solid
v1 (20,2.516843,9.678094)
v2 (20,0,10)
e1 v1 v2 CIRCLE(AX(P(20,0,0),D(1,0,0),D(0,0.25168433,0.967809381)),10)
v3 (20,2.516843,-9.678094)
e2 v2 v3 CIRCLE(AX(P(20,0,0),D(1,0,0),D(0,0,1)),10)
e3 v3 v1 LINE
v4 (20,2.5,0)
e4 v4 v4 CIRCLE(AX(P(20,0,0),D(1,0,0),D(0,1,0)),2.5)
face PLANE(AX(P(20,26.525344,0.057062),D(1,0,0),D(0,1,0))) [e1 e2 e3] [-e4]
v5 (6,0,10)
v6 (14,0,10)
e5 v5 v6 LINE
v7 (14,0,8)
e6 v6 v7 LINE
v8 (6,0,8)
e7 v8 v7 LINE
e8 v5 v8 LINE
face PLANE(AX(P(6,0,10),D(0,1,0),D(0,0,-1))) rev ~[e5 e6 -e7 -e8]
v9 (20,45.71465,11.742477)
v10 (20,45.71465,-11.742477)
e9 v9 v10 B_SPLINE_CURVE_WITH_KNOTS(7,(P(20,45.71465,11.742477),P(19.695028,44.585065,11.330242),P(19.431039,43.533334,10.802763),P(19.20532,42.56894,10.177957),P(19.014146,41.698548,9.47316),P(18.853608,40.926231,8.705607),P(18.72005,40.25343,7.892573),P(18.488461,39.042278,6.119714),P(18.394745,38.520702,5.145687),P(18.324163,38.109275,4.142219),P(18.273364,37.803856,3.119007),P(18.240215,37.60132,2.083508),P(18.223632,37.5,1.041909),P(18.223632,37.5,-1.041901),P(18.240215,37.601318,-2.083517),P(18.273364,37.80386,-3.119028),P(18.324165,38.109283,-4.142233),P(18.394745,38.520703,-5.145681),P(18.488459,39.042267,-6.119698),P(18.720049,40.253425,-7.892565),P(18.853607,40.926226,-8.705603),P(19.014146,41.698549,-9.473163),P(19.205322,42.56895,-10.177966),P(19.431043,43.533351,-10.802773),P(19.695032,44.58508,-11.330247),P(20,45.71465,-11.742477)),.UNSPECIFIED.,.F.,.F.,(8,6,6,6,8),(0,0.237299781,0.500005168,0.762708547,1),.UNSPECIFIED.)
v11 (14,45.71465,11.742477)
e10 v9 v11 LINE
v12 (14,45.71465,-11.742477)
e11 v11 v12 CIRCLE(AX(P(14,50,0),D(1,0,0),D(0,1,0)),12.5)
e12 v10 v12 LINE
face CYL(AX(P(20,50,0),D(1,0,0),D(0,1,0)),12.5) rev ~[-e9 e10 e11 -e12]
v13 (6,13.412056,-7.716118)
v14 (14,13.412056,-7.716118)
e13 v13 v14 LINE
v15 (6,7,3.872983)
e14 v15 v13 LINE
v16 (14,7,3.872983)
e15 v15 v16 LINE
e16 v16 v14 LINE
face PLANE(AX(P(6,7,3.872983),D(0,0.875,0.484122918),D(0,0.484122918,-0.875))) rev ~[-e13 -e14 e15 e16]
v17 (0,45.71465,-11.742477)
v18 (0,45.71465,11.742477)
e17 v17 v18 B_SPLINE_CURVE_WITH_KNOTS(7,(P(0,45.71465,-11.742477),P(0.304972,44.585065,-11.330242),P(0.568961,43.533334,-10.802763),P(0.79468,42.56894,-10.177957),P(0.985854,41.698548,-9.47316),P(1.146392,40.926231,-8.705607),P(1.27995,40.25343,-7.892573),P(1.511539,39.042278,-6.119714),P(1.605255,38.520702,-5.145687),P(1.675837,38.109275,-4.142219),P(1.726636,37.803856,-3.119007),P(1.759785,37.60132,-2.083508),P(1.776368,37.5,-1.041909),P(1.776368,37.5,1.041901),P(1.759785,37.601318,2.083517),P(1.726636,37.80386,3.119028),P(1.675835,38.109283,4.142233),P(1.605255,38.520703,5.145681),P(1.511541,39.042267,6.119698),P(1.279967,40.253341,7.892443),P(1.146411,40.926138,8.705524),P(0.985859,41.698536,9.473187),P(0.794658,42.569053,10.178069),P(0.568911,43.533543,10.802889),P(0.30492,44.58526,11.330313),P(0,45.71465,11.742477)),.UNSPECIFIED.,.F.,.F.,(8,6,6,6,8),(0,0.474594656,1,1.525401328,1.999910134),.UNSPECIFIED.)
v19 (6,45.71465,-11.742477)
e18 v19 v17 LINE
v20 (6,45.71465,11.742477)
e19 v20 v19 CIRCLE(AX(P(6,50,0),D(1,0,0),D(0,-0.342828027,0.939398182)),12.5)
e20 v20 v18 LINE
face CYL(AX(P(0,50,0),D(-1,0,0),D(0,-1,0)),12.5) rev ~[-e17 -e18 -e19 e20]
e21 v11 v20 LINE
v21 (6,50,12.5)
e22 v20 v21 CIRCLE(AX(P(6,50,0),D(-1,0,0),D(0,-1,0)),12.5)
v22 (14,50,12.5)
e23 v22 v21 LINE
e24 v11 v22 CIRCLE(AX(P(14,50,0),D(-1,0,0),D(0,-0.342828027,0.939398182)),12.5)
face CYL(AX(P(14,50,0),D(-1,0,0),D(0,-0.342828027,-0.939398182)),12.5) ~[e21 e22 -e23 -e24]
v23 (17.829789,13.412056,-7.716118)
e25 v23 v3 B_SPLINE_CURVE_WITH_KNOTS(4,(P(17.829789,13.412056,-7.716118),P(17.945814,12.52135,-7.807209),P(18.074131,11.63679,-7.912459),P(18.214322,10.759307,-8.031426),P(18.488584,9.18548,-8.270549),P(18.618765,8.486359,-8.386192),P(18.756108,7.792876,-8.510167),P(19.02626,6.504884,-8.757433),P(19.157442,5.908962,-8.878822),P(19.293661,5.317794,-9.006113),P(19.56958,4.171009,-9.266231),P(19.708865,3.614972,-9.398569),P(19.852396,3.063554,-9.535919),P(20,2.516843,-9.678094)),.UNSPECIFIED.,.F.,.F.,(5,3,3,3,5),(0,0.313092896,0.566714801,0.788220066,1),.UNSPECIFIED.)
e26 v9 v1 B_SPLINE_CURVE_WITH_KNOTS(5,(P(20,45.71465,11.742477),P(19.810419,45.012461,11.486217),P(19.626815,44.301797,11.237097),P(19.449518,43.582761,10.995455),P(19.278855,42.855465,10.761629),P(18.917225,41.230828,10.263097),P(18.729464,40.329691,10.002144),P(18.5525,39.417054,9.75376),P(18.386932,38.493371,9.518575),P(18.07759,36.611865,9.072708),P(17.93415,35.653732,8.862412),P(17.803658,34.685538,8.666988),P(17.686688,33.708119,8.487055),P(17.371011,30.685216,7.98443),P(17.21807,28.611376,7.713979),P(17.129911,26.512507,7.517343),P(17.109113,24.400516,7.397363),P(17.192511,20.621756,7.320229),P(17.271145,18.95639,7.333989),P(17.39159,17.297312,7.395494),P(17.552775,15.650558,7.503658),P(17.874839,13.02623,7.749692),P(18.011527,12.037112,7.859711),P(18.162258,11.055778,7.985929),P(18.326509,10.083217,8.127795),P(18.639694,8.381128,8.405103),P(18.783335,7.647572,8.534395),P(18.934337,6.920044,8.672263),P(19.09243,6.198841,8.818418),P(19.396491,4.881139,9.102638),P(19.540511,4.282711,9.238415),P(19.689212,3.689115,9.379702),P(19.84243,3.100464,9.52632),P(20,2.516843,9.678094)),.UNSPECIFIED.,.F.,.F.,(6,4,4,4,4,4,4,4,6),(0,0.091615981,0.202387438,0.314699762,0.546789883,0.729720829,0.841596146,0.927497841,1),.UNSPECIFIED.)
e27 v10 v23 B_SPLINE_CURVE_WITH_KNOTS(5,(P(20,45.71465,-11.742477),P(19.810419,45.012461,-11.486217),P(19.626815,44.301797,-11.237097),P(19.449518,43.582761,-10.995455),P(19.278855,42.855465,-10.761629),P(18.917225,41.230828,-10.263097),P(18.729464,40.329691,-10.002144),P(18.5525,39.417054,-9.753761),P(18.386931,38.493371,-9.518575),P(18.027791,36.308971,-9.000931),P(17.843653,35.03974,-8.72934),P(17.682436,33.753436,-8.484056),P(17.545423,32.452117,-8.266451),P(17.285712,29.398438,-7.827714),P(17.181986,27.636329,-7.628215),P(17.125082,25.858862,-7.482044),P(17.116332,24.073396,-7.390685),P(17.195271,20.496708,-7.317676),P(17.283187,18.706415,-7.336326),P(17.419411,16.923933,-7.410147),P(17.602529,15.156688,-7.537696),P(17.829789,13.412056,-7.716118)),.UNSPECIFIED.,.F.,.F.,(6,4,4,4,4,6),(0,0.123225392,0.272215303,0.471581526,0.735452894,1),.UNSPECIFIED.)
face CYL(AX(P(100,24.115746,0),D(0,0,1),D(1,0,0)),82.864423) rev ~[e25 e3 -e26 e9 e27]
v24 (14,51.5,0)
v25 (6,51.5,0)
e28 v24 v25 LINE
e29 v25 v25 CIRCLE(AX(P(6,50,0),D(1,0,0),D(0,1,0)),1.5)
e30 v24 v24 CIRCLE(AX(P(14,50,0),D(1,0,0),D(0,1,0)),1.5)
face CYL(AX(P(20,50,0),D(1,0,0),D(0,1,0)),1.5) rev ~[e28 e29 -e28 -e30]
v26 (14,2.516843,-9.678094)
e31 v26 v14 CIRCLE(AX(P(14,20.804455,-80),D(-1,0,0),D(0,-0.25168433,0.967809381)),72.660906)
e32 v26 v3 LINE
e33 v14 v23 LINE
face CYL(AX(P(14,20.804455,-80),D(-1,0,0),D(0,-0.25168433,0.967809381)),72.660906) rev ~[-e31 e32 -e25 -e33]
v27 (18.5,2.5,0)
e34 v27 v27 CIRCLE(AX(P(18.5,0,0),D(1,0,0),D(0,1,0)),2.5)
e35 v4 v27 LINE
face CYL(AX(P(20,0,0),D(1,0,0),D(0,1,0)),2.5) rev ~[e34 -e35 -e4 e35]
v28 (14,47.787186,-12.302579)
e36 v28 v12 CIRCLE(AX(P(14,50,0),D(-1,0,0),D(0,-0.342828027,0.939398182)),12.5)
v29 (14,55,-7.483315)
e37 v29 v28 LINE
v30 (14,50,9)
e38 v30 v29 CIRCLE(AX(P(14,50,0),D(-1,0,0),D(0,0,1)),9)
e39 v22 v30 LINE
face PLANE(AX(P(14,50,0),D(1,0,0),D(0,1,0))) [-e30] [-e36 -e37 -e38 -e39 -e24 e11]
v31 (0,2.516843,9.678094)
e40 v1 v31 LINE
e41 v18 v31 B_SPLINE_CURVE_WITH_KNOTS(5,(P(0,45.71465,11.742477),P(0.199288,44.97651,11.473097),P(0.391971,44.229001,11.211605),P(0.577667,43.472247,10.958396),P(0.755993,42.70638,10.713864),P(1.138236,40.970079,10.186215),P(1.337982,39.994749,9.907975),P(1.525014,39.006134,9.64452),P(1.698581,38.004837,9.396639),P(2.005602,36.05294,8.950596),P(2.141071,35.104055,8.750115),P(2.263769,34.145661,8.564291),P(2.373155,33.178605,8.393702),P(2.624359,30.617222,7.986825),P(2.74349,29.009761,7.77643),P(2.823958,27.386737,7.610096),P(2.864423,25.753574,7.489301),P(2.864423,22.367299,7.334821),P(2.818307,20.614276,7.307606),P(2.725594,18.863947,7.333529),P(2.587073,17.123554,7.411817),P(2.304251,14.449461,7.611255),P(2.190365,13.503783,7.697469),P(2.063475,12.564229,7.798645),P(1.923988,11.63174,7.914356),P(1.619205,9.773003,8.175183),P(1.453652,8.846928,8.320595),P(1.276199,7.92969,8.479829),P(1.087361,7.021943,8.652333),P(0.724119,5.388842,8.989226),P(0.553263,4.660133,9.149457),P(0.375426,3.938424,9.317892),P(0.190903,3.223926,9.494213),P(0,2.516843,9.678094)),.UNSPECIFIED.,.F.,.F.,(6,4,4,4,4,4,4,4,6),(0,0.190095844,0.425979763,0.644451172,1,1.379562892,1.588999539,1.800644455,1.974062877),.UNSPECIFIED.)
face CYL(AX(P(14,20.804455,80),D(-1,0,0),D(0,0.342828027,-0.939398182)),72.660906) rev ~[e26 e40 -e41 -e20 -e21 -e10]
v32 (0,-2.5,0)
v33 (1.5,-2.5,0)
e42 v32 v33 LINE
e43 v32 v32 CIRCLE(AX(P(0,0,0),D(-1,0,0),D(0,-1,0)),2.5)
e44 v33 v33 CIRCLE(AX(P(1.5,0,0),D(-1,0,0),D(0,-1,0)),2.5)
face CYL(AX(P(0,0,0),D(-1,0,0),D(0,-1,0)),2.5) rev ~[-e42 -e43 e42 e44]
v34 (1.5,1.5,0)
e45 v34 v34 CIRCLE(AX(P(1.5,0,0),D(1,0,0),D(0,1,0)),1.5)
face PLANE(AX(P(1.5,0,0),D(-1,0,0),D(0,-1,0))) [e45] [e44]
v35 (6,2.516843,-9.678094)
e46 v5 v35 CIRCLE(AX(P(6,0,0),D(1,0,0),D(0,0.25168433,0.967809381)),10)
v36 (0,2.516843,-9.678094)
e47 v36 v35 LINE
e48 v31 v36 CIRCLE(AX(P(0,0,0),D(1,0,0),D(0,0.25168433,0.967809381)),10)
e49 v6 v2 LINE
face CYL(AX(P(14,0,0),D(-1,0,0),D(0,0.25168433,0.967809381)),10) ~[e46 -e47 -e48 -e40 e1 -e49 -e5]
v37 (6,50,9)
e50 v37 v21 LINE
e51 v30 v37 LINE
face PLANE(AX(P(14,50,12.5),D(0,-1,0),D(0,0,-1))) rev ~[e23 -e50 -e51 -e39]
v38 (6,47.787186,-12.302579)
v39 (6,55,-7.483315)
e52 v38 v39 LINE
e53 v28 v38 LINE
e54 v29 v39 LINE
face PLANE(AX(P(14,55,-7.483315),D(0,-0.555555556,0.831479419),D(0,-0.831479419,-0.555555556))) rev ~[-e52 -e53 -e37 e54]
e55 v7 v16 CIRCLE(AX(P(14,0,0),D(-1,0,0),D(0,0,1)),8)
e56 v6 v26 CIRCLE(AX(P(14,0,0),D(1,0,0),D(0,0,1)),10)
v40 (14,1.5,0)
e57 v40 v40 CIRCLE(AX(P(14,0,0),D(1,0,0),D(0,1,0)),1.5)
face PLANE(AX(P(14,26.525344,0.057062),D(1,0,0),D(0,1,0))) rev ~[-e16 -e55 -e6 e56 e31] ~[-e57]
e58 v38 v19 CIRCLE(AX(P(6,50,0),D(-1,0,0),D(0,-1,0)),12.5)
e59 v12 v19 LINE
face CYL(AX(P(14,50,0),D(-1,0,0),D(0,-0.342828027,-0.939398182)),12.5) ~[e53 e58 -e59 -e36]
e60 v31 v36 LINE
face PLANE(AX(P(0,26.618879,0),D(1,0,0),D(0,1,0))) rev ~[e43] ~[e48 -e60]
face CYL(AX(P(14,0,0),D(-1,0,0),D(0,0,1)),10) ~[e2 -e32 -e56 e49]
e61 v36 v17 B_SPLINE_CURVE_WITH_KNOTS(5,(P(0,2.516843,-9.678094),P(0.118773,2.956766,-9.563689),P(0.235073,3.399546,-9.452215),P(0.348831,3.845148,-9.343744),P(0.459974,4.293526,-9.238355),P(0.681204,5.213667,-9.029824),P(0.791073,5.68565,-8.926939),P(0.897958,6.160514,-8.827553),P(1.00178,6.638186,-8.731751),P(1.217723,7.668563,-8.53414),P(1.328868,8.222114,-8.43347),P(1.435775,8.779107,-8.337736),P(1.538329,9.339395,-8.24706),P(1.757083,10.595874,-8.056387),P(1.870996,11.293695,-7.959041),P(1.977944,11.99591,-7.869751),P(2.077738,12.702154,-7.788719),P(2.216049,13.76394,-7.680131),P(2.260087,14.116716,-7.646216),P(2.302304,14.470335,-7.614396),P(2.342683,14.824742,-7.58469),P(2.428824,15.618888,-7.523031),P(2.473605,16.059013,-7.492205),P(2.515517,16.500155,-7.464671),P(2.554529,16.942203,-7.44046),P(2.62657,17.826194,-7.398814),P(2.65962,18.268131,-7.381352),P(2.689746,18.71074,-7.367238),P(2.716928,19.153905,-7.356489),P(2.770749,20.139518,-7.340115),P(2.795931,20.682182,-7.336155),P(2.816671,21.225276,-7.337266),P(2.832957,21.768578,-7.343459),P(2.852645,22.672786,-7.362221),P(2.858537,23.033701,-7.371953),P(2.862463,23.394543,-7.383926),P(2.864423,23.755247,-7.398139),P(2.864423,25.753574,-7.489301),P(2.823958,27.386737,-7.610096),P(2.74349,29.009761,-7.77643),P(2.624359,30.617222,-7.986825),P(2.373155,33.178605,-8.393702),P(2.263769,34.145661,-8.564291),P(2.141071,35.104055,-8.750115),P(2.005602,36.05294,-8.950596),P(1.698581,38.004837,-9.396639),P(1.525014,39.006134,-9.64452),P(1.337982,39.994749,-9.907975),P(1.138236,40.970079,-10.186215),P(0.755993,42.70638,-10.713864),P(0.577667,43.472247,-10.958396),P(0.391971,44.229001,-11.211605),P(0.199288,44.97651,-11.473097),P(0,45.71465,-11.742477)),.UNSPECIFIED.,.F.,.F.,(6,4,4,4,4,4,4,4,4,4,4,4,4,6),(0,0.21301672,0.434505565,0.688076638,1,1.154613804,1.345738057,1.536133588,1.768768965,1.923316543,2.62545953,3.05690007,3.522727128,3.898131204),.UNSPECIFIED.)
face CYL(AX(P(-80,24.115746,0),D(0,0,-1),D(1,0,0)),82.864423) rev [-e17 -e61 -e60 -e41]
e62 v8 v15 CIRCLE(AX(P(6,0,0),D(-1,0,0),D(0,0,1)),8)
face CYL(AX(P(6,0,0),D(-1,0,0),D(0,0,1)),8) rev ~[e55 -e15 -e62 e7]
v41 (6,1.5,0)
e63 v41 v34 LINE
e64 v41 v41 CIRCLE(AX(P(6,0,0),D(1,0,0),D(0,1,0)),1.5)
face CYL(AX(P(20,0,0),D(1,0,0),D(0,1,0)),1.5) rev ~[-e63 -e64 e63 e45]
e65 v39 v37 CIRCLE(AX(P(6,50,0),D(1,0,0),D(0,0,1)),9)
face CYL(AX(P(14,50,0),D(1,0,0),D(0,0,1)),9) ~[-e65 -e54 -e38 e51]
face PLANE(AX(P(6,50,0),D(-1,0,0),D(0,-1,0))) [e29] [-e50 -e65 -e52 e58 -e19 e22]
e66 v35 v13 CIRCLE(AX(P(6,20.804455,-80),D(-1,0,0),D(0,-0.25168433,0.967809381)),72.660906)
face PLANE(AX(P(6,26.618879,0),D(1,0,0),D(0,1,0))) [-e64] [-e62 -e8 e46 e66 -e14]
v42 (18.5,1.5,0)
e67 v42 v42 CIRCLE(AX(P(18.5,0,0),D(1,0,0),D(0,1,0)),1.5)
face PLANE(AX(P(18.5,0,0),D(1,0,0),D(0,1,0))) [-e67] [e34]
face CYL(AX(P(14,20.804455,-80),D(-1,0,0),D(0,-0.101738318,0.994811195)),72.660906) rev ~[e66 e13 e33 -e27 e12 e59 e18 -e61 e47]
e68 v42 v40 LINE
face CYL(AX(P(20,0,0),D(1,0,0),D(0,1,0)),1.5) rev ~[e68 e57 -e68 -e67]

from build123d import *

# Parameters (mm, degrees)
F1_DEPTH  = 6
F3_DEPTH  = 8
F5_DEPTH  = 6
F6_R      = 12.5
F7_DEPTH  = 6
F8_R      = 12.5
F9_DEPTH  = 6
F11_DEPTH = 14.001
F12_R     = 1.5
F13_DEPTH = 20.001
F14_R     = 2.5
F15_DEPTH = 1.5
F16_R     = 2.5
F17_DEPTH = 1.5
F18_R     = 82.8644231172
F19_DEPTH = 12.5


with BuildPart() as f1:
    # F0 (on Right) → F1 (new body)
    with BuildSketch(Plane.YZ):
        with BuildLine():
            ThreePointArc((45.7146496628, 11.7424772722), (24.2728942701, 7.4219237759), (2.5168433046, 9.6780938092))
            ThreePointArc((2.5168433046, 9.6780938092), (-10, 0), (2.5168433046, -9.6780938092))
            ThreePointArc((2.5168433046, -9.6780938092), (24.2728942701, -7.4219237759), (45.7146496628, -11.7424772722))
            ThreePointArc((45.7146496628, -11.7424772722), (62.5, 0), (45.7146496628, 11.7424772722))
        make_face()
    extrude(amount=F1_DEPTH)

    # F2 (on face) → F3 (join)
    with BuildSketch(Plane.YZ.offset(6)):
        with BuildLine():
            ThreePointArc((45.7146496628, 11.7424772722), (24.2728942701, 7.4219237759), (2.5168433046, 9.6780938092))
            ThreePointArc((2.5168433046, 9.6780938092), (1.2686729105, 9.919196996), (0, 10))
            Line((0, 10), (0, 8))
            ThreePointArc((0, 8), (4.0630120127, 6.8914391374), (7, 3.8729833462))
            Line((7, 3.8729833462), (13.4120563723, -7.716117508))
            ThreePointArc((13.4120563723, -7.716117508), (29.7917342094, -7.8970456319), (45.7146496628, -11.7424772722))
            ThreePointArc((45.7146496628, -11.7424772722), (62.5, 0), (45.7146496628, 11.7424772722))
        make_face()
    extrude(amount=F3_DEPTH)

    # F4 (on face) → F5 (join)
    with BuildSketch(Plane.YZ.offset(14)):
        with BuildLine():
            ThreePointArc((2.5168433046, 9.6780938092), (1.2686729105, 9.919196996), (0, 10))
            ThreePointArc((0, 10), (-9.919196996, -1.2686729105), (2.5168433046, -9.6780938092))
            ThreePointArc((2.5168433046, -9.6780938092), (7.9270301673, -8.4893073841), (13.4120563723, -7.716117508))
            ThreePointArc((13.4120563723, -7.716117508), (29.7917342094, -7.8970456319), (45.7146496628, -11.7424772722))
            ThreePointArc((45.7146496628, -11.7424772722), (62.5, 0), (45.7146496628, 11.7424772722))
            ThreePointArc((45.7146496628, 11.7424772722), (24.2728942701, 7.4219237759), (2.5168433046, 9.6780938092))
        make_face()
    extrude(amount=F5_DEPTH)

    # F6 (on face) → F7 (cut)
    with BuildSketch(Plane.YZ.offset(20)):
        with Locations((50, 0)):
            Circle(F6_R)
    extrude(amount=-F7_DEPTH, mode=Mode.SUBTRACT)

    # F8 (on face) → F9 (cut)
    with BuildSketch(Plane(origin=(0, 0, 0), x_dir=(0, -1, 0), z_dir=(-1, 0, 0))):
        with Locations((-50, 0)):
            Circle(F8_R)
    extrude(amount=-F9_DEPTH, mode=Mode.SUBTRACT)

    # F10 (on face) → F11 (cut, through all)
    with BuildSketch(Plane.YZ.offset(14)):
        with BuildLine():
            Line((55, -7.4833147735), (47.7871856146, -12.3025790994))
            ThreePointArc((47.7871856146, -12.3025790994), (62.4505469507, -1.1108017956), (50, 12.5))
            Line((50, 12.5), (50, 9))
            ThreePointArc((50, 9), (58.6124860802, 2.6124860802), (55, -7.4833147735))
        make_face()
    extrude(amount=-F11_DEPTH, mode=Mode.SUBTRACT)

    # F12 (on face) → F13 (cut, through all)
    with BuildSketch(Plane.YZ.offset(20)):
        Circle(F12_R)
        with Locations((50, 0)):
            Circle(F12_R)
    extrude(amount=-F13_DEPTH, mode=Mode.SUBTRACT)

    # F14 (on face) → F15 (cut)
    with BuildSketch(Plane.YZ.offset(20)):
        Circle(F14_R)
    extrude(amount=-F15_DEPTH, mode=Mode.SUBTRACT)

    # F16 (on face) → F17 (cut)
    with BuildSketch(Plane(origin=(0, 0, 0), x_dir=(0, -1, 0), z_dir=(-1, 0, 0))):
        Circle(F16_R)
    extrude(amount=-F17_DEPTH, mode=Mode.SUBTRACT)

    # F18 (on Top) → F19 (cut, symmetric)
    with BuildSketch(Plane.XY):
        with Locations((-80, 24.1157464837)):
            Circle(F18_R)
        with Locations((100, 24.1157464837)):
            Circle(F18_R)
    extrude(amount=F19_DEPTH, both=True, mode=Mode.SUBTRACT)


solid = f1.part
